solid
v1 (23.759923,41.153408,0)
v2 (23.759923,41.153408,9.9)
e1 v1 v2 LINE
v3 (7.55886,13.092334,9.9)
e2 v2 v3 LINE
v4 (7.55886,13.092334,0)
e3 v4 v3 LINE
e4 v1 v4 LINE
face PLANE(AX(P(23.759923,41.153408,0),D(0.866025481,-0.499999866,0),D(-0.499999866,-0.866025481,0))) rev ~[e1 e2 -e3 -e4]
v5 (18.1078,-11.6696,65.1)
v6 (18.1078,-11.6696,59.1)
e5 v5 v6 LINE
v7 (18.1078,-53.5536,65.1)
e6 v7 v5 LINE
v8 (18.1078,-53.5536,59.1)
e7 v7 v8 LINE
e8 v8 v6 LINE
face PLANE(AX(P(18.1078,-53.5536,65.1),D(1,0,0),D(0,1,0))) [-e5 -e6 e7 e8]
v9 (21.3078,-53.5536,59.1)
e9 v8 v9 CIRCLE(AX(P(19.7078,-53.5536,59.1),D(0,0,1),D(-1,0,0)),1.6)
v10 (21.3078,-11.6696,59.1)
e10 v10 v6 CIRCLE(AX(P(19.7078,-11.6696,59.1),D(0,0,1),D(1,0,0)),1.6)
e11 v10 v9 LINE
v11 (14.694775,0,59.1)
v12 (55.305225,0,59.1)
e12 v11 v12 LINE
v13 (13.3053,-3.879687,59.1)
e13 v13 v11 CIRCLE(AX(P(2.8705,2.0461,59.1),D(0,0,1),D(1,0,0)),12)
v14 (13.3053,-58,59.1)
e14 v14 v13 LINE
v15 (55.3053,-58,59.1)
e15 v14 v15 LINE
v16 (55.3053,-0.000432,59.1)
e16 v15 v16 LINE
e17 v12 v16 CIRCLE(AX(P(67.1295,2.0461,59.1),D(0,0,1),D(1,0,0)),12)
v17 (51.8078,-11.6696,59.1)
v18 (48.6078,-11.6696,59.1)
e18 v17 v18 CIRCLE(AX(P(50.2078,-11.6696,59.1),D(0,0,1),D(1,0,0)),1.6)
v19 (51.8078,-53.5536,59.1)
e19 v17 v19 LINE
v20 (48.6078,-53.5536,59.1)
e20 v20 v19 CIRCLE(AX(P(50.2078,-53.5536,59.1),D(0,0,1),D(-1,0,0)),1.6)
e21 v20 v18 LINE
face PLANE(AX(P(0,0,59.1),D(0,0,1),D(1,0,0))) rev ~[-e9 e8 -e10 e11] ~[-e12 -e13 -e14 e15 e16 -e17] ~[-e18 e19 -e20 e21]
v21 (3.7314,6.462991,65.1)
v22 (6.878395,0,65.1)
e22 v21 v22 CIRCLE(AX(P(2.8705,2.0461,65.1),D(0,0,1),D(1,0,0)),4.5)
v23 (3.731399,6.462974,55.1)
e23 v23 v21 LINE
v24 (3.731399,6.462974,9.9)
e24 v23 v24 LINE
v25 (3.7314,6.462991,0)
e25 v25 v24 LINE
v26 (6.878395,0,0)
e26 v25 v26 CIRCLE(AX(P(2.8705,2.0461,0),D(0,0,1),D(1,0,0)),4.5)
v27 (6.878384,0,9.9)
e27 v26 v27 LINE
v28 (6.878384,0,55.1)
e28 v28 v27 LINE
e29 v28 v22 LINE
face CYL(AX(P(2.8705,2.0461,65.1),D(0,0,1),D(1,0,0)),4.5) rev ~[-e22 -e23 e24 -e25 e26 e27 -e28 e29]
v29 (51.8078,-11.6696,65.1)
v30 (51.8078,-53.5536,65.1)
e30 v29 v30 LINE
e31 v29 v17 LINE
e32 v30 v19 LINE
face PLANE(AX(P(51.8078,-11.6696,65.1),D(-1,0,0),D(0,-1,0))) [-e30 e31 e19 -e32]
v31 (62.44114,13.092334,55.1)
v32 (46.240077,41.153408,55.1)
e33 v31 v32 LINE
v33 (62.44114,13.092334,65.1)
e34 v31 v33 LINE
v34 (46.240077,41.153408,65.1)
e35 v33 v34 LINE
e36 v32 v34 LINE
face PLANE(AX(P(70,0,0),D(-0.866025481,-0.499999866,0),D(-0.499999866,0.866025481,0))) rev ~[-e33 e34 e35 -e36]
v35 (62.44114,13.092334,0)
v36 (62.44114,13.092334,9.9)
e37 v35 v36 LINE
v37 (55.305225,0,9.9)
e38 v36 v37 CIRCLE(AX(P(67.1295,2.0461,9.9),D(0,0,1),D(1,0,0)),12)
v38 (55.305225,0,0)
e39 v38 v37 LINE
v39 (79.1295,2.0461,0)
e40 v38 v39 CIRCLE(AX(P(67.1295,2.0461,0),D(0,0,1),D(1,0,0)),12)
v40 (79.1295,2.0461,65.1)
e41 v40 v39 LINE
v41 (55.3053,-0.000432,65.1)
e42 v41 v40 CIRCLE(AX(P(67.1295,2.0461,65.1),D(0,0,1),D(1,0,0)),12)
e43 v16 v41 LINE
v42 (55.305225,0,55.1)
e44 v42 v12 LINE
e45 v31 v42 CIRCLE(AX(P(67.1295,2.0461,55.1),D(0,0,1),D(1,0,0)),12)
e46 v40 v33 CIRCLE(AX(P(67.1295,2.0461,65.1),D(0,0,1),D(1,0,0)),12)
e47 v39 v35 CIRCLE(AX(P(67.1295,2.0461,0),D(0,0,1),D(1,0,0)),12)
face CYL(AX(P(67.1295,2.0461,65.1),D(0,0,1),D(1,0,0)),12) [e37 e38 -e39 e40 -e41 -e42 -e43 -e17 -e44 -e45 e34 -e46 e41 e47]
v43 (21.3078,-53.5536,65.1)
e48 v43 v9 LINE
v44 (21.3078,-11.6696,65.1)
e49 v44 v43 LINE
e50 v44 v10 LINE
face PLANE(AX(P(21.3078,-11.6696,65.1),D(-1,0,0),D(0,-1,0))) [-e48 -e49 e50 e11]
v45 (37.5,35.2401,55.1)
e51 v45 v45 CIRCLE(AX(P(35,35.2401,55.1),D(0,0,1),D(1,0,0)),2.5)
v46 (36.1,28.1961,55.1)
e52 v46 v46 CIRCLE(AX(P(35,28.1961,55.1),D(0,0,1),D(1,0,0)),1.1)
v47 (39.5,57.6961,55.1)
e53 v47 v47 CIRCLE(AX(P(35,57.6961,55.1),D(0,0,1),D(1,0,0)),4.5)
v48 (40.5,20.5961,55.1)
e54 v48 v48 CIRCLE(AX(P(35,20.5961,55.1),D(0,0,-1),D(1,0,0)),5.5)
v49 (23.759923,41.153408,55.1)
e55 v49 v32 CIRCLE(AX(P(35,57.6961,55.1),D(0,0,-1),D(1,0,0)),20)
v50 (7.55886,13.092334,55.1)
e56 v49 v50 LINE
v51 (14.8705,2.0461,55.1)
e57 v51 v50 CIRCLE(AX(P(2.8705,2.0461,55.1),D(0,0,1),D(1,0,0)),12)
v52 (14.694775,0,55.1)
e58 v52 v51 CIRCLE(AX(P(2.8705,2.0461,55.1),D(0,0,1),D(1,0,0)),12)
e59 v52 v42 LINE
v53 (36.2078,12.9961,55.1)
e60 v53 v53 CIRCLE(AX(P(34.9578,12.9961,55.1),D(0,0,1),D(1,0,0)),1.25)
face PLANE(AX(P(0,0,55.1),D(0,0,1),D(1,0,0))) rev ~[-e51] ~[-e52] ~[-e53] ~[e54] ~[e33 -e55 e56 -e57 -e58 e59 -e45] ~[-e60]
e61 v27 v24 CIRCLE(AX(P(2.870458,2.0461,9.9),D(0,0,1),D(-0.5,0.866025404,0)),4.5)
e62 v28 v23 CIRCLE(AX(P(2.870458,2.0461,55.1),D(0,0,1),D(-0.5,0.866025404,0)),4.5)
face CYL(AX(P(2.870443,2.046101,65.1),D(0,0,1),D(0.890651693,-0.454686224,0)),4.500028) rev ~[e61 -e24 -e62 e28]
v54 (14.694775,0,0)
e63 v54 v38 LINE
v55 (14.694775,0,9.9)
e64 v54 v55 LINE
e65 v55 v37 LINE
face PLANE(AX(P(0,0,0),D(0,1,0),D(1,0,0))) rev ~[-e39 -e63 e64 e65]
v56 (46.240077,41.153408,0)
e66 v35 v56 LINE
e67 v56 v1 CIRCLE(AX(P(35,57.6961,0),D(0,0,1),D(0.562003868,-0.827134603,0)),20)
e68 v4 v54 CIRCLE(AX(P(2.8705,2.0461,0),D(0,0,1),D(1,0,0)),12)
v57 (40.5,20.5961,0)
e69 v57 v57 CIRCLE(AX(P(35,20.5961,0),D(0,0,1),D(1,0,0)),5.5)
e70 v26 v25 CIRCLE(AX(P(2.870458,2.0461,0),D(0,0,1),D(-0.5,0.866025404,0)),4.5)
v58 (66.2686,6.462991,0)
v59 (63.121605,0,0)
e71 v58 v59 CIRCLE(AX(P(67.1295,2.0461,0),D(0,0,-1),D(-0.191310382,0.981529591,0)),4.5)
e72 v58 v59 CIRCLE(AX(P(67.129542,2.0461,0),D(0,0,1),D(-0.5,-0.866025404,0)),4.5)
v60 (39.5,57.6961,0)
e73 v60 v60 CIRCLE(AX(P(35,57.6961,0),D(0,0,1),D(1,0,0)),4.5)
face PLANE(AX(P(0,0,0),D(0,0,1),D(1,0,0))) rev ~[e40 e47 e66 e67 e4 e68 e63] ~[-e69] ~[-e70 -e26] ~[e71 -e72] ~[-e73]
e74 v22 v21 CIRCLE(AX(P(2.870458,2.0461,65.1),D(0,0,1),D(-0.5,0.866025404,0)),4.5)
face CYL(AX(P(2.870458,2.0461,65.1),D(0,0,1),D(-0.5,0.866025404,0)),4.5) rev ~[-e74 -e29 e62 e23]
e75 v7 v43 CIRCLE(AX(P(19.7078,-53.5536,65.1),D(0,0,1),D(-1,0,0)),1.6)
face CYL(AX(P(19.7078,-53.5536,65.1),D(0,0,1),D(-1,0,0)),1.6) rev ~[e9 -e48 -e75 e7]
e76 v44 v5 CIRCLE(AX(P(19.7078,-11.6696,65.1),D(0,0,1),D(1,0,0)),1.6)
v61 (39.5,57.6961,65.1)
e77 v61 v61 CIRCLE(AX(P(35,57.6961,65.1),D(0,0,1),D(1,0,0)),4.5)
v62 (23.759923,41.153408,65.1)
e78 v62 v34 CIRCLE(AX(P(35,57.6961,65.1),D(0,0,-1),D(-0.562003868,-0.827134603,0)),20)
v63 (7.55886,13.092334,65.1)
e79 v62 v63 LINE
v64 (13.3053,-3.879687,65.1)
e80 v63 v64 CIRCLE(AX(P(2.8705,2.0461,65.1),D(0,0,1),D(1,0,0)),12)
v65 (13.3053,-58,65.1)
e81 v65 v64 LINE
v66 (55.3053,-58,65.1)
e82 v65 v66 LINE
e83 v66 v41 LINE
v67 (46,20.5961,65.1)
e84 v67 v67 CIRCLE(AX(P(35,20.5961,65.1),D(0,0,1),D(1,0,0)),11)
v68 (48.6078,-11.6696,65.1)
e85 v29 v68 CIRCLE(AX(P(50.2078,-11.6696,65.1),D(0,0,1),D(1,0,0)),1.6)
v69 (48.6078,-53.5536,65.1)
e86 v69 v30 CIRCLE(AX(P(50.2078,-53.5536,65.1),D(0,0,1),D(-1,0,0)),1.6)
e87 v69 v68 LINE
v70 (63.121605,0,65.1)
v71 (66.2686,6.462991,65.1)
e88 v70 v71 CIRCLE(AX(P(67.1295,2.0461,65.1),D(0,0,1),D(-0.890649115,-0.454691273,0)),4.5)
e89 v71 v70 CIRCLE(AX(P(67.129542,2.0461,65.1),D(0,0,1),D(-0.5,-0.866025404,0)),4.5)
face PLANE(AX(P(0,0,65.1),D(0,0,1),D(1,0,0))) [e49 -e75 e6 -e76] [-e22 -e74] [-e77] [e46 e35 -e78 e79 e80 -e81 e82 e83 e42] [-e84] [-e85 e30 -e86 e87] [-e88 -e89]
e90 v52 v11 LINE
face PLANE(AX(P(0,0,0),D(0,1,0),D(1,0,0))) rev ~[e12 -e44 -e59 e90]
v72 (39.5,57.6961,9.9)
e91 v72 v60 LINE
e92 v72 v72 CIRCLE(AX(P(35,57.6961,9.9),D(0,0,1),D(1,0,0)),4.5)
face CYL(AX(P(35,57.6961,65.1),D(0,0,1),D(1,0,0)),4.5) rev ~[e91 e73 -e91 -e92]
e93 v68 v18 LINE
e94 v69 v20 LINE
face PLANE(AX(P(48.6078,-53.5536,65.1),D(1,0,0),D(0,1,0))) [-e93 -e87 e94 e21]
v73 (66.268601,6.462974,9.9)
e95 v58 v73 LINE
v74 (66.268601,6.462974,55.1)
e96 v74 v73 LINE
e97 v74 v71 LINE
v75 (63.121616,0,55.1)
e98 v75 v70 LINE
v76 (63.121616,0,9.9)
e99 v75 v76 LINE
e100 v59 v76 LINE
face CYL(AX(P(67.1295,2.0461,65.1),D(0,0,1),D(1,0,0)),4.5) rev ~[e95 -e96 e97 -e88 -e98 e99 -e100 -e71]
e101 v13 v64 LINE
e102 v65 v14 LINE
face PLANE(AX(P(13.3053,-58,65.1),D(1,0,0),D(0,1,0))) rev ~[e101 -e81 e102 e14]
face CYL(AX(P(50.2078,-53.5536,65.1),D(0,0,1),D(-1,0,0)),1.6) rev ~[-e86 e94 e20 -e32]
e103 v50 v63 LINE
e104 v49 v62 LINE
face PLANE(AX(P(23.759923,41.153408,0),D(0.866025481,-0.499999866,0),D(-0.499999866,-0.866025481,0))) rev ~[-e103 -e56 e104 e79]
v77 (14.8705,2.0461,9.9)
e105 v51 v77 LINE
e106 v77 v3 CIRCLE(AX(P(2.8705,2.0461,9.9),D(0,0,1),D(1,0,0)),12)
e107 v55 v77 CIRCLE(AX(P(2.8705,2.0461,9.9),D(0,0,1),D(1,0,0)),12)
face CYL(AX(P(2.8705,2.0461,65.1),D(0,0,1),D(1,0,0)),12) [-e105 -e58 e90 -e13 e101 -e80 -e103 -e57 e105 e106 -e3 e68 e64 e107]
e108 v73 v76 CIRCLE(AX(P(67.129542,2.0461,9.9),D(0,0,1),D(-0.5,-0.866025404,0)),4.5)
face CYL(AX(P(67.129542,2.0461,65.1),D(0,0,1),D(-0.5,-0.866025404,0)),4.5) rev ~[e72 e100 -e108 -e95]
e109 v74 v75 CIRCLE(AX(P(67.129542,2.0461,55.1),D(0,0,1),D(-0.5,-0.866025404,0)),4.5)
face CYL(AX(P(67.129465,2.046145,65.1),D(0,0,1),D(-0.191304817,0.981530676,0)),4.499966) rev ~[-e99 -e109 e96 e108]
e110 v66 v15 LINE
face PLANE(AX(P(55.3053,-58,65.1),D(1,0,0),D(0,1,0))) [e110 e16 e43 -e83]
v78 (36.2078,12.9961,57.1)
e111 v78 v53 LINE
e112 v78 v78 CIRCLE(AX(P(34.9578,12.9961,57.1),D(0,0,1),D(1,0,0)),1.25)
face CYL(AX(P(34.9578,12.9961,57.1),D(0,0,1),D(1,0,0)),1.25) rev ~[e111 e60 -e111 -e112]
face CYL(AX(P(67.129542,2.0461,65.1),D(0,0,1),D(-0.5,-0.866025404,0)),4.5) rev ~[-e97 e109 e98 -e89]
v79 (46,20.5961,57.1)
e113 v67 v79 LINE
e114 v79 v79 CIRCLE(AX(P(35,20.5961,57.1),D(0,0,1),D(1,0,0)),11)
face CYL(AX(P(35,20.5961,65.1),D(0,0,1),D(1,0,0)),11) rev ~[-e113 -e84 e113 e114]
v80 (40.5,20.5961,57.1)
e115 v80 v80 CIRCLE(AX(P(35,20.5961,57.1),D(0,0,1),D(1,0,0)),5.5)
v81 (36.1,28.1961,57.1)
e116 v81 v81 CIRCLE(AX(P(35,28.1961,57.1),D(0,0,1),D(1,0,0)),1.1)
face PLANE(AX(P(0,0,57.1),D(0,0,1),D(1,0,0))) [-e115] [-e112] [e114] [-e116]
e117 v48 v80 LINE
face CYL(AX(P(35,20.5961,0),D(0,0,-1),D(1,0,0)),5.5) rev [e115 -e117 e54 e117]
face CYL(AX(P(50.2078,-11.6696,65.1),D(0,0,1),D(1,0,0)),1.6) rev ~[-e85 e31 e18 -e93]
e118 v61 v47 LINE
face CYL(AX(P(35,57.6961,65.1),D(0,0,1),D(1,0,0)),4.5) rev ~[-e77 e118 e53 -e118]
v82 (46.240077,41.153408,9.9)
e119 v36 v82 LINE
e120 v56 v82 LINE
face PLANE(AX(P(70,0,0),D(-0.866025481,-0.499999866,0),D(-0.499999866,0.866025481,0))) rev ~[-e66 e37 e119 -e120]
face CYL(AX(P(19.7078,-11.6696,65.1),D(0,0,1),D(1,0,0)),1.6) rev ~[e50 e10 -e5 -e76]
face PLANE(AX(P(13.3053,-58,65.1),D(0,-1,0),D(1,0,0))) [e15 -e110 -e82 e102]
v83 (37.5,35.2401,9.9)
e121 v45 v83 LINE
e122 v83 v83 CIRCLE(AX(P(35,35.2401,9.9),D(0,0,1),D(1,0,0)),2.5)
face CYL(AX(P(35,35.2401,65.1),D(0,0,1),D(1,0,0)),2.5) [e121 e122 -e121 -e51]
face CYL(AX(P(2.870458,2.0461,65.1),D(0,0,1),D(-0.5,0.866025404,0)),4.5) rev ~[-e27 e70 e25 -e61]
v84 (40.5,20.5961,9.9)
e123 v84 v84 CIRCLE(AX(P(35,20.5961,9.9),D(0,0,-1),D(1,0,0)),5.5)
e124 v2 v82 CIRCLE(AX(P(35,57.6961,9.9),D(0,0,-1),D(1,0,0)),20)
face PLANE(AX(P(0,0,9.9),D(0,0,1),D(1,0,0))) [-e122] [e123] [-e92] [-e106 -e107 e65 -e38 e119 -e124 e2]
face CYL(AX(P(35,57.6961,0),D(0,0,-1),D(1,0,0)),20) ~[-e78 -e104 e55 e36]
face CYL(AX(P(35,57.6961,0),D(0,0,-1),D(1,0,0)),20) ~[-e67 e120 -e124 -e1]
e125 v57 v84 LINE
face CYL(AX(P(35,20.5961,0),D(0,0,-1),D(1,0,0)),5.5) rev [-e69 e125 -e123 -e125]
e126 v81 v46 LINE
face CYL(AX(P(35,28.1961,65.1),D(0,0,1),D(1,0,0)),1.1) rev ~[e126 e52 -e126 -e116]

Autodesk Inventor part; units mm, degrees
ref_plane "YZ Plane" through (0, 0, 0) normal (1, 0, 0) x (0, 1, 0)
ref_plane "XZ Plane" through (0, 0, 0) normal (0, 1, 0) x (-1, 0, 0)
ref_plane "XY Plane" through (0, 0, 0) normal (0, 0, 1) x (1, 0, 0)
sketch "Sketch1" plane through (0, 0, 0) normal (0, 0, 1) x (1, 0, 0)
  line L0 (0, 0) -> (70, 0)
  line L1 (70, 0) -> (35, 60.6218)
  line L2 (35, 60.6218) -> (0, 0)
  circle A0 centre (35, 20.5961) radius 5.5
  circle A1 centre (35, 57.6961) radius 20
  point P0 (46.2401, 41.1534)
  point P1 (23.7599, 41.1534)
  dimension "d0" = 70
  dimension "d1" = 70
  dimension "d2" = 60
  dimension "d3" = 11
  dimension "d4" = 37.1
  dimension "d5" = 40
extrude "Extrusion1" add sketch "Sketch1" along normal blind 65.1
ref_plane "Work Plane1" through (0, 0, 55.1) normal (0, 0, 1) x (1, 0, 0)
sketch "Sketch2" plane through (0, 0, 55.1) normal (0, 0, 1) x (1, 0, 0)
  line L0 (14.3119, 82.6705) -> (-13.7787, 82.6705)
  line L1 (-13.7787, 82.6705) -> (-13.7787, -9.2093)
  line L2 (-13.7787, -9.2093) -> (82.9291, -9.2093)
  line L3 (82.9291, -9.2093) -> (82.9291, 82.6705)
  line L4 (82.9291, 82.6705) -> (14.3119, 82.6705)
  point P0 (0, 0)
extrude "Extrusion2" cut sketch "Sketch2" against normal blind 45.2
sketch "Sketch3" plane through (0, 0, 65.1) normal (0, 0, 1) x (1, 0, 0)
  arc A0 (46.2401, 41.1534) -> (23.7599, 41.1534) centre (35, 57.6961) ccw projected
  circle A1 centre (35, 57.6961) radius 4.5
  point P0 (0, 0)
  dimension "d11" = 9
extrude "Extrusion3" cut sketch "Sketch3" against normal through all
pattern_circular "Circular Pattern1" count 3 over 360 about axis through (35, 20.5961, 0) along (0, 0, 1) of "Extrusion3"
sketch "Sketch4" plane through (0, 0, 65.1) normal (0, 0, 1) x (1, 0, 0)
  arc A0 (6.8784, 0) -> (3.7314, 6.463) centre (2.8705, 2.0461) ccw projected
  circle A1 centre (2.8705, 2.0461) radius 4.5
  circle A2 centre (2.8705, 2.0461) radius 12
  arc A3 (66.2686, 6.463) -> (63.1216, 0) centre (67.1295, 2.0461) ccw projected
  circle A4 centre (67.1295, 2.0461) radius 4.5
  circle A5 centre (67.1295, 2.0461) radius 12
  point P0 (0, 0)
  point P1 (63.1216, 0)
  point P2 (66.2686, 6.463)
  point P3 (6.8784, 0)
  point P4 (3.7314, 6.463)
  dimension "d17" = 24
  dimension "d18" = 24
extrude "Extrusion4" add sketch "Sketch4" against normal blind 65.1
sketch "Sketch5" plane through (0, 0, 65.1) normal (0, 0, 1) x (1, 0, 0)
  line L0 (23.7599, 41.1534) -> (7.5589, 13.0923) projected
  line L1 (13.3053, -58) -> (55.3053, -58)
  line L2 (55.3053, -58) -> (55.3053, 0)
  line L3 (14.6947, 0) -> (55.3053, 0) projected
  line L4 (13.3053, -58) -> (13.3053, 0)
  line L5 (13.3053, 0) -> (15.6594, 0)
  point P0 (0, 0)
  dimension "d22" = 42
  dimension "d24" = 0
  dimension "d26" = 58
extrude "Extrusion5" add sketch "Sketch5" against normal blind 6
sketch "Sketch6" plane through (0, 0, 65.1) normal (0, 0, 1) x (1, 0, 0)
  circle A0 centre (35, 20.5961) radius 5.5 projected
  circle A1 centre (35, 20.5961) radius 11
  point P0 (0, 0)
  dimension "d29" = 22
extrude "Extrusion6" cut sketch "Sketch6" against normal blind 8
sketch "Sketch7" plane through (35, 20.5961, 57.1) normal (0, 0, 1) x (1, 0, 0)
  circle A0 centre (-0.0422, -7.6) radius 1.25
  circle A1 centre (0, 0) radius 5.5 projected
  point P0 (-35, -20.5961)
  dimension "d32" = 2.5
  dimension "d33" = 7.6
extrude "Extrusion7" cut sketch "Sketch7" against normal blind 5 contours A0
sketch "Sketch8" plane through (0, 0, 65.1) normal (0, 0, 1) x (1, 0, 0)
  line L0 (18.1078, -53.5536) -> (18.1078, -11.6696)
  line L1 (18.1078, -11.6696) -> (21.3078, -11.6696)
  line L2 (21.3078, -11.6696) -> (21.3078, -53.5536)
  line L3 (21.3078, -53.5536) -> (18.1078, -53.5536)
  line L4 (51.8078, -11.6696) -> (51.8078, -53.5536)
  line L5 (51.8078, -53.5536) -> (48.6078, -53.5536)
  line L6 (48.6078, -53.5536) -> (48.6078, -11.6696)
  line L7 (48.6078, -11.6696) -> (51.8078, -11.6696)
  circle A0 centre (34.9578, 12.9961) radius 1.25 projected
  arc A1 (48.6078, -53.5536) -> (51.8078, -53.5536) centre (50.2078, -53.5536) ccw
  arc A2 (51.8078, -11.6696) -> (48.6078, -11.6696) centre (50.2078, -11.6696) ccw
  arc A3 (18.1078, -53.5536) -> (21.3078, -53.5536) centre (19.7078, -53.5536) ccw
  arc A4 (21.3078, -11.6696) -> (18.1078, -11.6696) centre (19.7078, -11.6696) ccw
  point P0 (0, 0)
  point P1 (21.7083, -32.6116)
  point P2 (52.2083, -32.6116)
  dimension "d36" = 3.2
  dimension "d37" = 3.2
  dimension "d38" = 30.5
  dimension "d41" = 13.65
  dimension "d42" = 13.65
extrude "Extrusion8" cut sketch "Sketch8" against normal blind 10 contours L0 L1 L2 L3 | L3 A3 | A4 L1 | L4 L5 L6 L7 | L7 A2 | A1 L5
sketch "Sketch9" plane through (0, 0, 65.1) normal (0, 0, 1) x (1, 0, 0)
  circle A0 centre (35, 28.1961) radius 1.1
  circle A1 centre (35, 20.5961) radius 5.5 projected
  point P0 (0, 0)
  dimension "d45" = 2.2
  dimension "d46" = 7.6
extrude "Extrusion9" cut sketch "Sketch9" against normal blind 10 contours A0
sketch "Sketch10" plane through (0, 0, 65.1) normal (0, 0, 1) x (1, 0, 0)
  circle A0 centre (35, 35.2401) radius 2.5
  point P0 (0, 0)
  dimension "d49" = 5
extrude "Extrusion10" add sketch "Sketch10" against normal blind 65
properties part number "Platform 1 piece"
